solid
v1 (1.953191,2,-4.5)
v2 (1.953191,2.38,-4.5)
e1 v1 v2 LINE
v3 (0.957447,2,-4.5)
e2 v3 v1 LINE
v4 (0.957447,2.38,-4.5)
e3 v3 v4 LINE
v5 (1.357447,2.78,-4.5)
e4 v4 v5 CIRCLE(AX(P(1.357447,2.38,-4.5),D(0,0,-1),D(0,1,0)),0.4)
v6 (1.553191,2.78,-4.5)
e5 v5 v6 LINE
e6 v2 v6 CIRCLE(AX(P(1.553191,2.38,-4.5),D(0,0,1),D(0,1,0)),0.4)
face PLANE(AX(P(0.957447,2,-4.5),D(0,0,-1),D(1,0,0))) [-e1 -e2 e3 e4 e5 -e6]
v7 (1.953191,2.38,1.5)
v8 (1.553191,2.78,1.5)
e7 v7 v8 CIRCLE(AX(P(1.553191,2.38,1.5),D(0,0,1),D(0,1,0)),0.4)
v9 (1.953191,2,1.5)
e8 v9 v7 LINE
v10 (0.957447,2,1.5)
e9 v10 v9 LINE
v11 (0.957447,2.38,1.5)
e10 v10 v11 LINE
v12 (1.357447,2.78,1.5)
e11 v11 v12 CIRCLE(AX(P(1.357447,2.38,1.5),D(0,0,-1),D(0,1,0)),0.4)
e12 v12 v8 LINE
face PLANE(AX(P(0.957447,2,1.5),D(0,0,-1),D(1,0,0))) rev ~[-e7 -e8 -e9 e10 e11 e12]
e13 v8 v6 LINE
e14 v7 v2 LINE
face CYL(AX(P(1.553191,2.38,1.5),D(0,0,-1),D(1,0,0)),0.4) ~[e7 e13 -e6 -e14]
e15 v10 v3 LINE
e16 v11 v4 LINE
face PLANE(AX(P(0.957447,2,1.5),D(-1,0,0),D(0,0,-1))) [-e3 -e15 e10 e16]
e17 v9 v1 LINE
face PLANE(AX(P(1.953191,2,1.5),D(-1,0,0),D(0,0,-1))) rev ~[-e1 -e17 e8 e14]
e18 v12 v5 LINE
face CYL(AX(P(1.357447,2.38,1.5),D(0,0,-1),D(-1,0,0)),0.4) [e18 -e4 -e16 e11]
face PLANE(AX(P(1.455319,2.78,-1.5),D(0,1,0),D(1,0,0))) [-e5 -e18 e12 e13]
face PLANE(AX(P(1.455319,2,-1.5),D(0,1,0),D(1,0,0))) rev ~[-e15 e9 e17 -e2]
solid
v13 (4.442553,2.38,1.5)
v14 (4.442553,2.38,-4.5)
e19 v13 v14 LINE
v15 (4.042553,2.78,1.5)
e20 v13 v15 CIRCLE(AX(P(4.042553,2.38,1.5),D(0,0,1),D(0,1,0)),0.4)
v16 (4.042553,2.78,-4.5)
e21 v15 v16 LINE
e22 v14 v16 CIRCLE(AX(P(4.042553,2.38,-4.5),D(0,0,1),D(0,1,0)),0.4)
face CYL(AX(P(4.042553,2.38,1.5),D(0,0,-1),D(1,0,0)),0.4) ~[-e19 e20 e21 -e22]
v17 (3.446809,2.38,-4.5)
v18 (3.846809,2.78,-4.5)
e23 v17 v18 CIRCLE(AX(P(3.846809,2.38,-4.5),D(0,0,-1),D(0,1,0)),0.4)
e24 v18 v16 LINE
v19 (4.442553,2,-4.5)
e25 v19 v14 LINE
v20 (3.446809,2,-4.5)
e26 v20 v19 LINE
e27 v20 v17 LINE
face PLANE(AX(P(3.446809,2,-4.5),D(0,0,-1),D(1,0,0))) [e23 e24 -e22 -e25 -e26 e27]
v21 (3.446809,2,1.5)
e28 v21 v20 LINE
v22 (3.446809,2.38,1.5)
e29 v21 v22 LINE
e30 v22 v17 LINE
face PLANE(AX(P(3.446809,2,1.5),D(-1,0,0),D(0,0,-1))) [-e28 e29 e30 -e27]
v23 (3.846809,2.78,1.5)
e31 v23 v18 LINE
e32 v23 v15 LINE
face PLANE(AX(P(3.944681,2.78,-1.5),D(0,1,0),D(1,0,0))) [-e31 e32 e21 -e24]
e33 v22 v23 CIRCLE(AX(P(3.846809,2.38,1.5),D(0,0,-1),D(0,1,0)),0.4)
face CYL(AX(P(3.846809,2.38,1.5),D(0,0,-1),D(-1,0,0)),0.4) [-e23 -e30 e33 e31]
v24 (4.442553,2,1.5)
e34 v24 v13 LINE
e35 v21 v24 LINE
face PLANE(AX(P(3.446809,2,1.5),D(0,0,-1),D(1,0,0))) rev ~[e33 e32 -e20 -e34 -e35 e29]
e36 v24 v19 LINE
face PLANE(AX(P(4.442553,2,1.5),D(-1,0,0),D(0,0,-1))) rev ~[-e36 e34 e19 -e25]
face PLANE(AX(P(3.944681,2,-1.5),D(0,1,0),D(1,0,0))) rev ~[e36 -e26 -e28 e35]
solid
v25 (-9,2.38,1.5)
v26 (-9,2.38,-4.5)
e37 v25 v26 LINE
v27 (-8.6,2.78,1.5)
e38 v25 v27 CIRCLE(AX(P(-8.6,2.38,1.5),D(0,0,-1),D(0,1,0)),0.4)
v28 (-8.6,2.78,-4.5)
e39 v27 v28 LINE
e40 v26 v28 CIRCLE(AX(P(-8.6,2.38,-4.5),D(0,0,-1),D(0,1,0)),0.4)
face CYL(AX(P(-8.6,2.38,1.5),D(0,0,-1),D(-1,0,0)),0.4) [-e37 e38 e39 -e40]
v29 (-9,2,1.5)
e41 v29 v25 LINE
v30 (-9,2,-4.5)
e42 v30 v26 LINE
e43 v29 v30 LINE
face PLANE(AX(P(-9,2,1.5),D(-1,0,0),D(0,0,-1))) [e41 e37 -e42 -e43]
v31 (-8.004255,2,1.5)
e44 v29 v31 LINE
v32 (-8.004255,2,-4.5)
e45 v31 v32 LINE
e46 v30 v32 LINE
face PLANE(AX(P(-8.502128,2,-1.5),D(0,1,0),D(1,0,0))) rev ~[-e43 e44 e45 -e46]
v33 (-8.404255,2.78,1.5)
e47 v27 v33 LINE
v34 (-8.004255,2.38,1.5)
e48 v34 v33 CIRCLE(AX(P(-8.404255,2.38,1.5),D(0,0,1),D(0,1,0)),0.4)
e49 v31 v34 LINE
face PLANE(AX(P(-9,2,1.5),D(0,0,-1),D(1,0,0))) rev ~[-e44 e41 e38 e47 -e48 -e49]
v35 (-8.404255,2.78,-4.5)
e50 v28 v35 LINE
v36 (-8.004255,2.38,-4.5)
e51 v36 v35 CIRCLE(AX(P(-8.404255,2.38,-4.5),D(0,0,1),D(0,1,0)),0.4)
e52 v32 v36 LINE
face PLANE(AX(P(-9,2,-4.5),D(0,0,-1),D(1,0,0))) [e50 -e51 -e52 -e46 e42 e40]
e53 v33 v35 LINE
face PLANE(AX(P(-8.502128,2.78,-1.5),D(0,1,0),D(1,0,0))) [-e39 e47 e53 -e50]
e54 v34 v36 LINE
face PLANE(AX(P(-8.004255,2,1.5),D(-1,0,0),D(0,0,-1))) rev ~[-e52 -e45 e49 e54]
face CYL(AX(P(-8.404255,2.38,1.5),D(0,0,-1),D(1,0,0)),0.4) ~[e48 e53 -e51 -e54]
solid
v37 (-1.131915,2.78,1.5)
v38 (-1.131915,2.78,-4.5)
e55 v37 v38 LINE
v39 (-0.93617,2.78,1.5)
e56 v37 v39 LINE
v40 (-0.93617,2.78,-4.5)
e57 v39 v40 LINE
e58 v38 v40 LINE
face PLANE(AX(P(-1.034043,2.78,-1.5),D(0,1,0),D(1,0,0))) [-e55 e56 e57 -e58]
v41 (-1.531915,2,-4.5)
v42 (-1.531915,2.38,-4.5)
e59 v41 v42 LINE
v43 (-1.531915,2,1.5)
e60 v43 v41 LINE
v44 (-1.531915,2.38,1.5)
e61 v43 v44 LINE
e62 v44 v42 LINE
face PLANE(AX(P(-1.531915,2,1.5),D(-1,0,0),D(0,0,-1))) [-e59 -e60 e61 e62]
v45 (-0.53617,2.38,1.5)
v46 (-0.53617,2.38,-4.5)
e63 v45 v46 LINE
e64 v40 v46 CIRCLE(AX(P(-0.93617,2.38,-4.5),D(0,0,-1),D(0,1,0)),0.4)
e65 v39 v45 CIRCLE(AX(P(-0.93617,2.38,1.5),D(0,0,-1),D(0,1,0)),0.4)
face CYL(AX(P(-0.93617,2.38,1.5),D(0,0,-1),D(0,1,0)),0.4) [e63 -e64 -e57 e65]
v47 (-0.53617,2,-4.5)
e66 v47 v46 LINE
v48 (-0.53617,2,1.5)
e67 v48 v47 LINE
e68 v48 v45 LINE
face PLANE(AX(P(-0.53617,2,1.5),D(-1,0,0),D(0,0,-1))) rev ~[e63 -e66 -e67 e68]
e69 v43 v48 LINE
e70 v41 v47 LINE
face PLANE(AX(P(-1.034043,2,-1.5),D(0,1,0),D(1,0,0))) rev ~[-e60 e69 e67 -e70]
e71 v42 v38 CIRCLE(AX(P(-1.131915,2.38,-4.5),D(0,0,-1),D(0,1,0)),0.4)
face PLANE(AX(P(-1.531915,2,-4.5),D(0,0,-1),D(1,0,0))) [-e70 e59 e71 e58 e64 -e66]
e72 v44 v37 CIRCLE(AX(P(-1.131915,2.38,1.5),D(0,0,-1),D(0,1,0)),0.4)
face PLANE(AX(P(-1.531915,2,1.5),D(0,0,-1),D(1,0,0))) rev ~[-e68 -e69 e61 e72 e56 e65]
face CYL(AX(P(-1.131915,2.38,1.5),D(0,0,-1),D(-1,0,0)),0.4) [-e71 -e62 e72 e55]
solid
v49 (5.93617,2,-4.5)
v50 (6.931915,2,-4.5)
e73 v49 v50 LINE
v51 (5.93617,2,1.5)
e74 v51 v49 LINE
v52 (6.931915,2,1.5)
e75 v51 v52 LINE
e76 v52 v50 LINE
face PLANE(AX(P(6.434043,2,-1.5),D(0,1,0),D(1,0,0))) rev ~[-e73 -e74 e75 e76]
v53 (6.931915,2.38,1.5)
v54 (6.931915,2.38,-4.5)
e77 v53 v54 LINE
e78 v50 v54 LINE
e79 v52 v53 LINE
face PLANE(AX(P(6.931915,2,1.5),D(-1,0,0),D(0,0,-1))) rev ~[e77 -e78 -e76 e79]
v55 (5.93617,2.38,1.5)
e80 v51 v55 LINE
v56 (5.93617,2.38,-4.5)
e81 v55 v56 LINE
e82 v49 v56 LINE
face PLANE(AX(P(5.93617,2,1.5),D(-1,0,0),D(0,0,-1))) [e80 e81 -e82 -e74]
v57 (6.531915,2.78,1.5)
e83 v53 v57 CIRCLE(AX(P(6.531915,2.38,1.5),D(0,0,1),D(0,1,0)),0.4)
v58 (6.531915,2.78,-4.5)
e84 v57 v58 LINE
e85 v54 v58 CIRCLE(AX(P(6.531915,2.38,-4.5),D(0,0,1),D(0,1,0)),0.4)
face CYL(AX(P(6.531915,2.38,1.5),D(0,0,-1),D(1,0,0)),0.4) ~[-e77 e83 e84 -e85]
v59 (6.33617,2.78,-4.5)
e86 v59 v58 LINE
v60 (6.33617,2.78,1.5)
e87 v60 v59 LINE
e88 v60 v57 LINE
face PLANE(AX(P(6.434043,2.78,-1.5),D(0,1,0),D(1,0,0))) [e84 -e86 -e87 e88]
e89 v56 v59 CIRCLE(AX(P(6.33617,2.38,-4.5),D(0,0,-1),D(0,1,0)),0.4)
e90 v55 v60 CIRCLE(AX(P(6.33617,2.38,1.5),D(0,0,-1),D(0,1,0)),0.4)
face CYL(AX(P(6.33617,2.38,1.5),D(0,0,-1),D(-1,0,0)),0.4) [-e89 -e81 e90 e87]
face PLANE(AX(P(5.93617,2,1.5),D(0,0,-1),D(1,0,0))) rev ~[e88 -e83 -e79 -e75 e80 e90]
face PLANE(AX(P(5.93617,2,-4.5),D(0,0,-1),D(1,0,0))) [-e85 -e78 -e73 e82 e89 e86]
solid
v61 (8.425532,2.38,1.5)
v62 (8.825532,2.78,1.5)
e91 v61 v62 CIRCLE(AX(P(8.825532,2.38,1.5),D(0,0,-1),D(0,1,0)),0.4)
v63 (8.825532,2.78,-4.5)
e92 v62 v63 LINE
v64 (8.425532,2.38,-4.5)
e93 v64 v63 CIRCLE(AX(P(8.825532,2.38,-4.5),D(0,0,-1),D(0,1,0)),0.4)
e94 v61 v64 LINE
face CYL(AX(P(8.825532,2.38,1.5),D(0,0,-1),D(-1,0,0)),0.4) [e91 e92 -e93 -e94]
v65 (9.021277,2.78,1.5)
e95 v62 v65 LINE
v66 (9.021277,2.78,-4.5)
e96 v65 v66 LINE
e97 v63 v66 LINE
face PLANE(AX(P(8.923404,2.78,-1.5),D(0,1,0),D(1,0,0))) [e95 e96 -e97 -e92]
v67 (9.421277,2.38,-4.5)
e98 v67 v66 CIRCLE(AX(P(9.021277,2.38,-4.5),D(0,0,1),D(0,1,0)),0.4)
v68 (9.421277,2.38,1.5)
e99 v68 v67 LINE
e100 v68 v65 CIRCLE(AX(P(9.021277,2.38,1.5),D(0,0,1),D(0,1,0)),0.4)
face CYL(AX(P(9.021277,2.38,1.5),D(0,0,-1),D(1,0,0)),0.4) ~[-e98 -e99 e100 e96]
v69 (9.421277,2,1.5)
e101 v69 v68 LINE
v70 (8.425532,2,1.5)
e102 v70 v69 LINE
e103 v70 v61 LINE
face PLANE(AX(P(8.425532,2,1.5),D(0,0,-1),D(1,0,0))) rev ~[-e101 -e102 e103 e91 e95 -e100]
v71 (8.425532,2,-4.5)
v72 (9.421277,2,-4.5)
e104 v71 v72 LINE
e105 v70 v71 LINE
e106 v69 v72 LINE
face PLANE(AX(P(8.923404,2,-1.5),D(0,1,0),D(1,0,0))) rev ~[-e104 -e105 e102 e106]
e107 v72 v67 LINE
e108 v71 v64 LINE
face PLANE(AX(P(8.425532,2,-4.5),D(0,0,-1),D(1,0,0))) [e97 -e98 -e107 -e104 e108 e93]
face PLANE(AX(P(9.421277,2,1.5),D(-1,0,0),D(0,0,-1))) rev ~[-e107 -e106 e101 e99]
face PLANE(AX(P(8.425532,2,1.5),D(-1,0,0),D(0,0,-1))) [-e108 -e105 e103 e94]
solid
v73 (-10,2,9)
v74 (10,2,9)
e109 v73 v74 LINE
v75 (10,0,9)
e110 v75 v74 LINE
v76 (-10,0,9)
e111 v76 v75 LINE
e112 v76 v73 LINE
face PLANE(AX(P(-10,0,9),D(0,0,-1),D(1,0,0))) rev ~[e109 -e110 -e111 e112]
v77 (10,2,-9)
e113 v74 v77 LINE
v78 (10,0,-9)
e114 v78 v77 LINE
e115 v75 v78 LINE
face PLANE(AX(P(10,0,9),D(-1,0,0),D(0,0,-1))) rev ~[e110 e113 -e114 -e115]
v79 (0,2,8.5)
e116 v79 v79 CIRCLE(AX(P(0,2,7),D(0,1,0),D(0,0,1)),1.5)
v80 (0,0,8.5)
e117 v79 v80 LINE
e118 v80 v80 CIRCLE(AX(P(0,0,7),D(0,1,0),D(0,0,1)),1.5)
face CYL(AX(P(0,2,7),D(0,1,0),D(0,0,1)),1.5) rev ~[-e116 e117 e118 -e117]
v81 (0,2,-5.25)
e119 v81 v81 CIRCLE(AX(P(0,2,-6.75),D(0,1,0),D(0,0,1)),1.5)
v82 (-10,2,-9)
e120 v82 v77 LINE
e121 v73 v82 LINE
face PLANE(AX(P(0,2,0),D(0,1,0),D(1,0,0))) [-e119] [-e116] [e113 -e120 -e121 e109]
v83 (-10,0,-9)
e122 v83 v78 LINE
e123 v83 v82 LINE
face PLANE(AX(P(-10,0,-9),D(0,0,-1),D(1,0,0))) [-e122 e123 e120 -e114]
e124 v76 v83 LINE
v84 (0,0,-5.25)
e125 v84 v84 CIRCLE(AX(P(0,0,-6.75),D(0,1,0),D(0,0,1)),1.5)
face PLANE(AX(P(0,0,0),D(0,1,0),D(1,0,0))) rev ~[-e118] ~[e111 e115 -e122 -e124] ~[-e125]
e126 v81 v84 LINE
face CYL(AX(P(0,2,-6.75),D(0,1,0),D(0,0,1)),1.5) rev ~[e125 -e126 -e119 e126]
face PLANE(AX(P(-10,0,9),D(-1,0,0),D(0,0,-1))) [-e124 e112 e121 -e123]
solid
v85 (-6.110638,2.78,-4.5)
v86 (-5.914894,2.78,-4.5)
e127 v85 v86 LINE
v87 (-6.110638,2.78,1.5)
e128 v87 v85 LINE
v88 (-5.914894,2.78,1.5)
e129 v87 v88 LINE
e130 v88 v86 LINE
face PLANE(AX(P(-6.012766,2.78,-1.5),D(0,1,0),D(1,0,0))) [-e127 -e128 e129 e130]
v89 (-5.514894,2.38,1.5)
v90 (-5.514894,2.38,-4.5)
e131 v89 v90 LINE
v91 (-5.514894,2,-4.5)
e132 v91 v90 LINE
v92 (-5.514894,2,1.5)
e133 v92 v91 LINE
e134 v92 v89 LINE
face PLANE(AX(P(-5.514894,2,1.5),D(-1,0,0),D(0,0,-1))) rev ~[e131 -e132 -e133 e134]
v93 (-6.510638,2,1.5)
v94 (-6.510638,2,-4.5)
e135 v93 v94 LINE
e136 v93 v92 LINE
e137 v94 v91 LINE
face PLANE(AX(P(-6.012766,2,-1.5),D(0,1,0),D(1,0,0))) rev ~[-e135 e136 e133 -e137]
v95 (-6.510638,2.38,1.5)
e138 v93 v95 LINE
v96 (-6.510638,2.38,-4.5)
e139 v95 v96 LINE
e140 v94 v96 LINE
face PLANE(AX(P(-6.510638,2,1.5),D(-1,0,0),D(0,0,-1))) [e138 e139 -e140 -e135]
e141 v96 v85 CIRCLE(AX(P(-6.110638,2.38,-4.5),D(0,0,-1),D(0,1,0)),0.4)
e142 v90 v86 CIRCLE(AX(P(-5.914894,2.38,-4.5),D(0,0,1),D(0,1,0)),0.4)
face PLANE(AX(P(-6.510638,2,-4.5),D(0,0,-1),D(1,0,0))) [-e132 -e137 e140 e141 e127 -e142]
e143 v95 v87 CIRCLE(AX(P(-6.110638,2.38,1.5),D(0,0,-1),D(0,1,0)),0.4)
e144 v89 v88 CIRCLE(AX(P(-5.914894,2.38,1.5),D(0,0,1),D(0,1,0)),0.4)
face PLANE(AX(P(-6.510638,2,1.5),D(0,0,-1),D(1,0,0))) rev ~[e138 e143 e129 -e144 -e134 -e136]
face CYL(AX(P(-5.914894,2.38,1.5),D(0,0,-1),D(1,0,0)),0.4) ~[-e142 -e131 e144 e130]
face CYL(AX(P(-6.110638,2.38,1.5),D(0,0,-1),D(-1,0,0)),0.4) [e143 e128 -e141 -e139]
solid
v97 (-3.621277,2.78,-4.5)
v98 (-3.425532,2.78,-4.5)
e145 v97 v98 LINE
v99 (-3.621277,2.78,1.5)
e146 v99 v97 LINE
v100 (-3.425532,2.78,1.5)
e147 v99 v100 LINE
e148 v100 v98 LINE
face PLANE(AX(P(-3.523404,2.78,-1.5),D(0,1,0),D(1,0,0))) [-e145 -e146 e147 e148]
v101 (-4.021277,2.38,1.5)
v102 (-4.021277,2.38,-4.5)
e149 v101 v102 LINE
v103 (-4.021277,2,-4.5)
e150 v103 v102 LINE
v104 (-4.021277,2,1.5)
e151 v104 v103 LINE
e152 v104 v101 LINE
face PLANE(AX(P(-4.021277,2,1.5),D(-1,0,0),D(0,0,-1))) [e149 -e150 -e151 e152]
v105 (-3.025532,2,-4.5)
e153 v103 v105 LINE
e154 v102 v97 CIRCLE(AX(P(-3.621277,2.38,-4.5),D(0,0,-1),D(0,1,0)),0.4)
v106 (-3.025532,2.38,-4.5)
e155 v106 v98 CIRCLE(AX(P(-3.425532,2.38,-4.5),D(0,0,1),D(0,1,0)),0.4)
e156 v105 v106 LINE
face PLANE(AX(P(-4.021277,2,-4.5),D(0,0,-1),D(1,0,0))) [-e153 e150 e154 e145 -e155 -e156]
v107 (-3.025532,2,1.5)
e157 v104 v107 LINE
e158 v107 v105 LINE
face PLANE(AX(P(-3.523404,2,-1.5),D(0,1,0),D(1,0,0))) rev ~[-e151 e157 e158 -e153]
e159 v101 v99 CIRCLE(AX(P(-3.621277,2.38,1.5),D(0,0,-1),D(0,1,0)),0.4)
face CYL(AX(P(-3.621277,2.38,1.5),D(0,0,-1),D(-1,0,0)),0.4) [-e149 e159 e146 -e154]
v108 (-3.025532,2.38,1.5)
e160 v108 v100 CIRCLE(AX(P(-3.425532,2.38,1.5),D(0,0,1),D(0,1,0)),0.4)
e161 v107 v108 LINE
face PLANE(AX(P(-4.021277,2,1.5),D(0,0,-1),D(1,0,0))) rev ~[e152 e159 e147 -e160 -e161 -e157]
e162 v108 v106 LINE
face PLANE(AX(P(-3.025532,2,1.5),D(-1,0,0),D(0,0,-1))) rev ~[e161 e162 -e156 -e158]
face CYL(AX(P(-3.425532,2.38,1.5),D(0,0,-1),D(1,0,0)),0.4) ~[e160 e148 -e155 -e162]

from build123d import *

# Parameters (mm, degrees)
SKETCH_1_W          = 20
SKETCH_1_H          = 18
EXTRUDE_1_DEPTH     = 2
SKETCH_6_W          = 0.995744681
SKETCH_6_H          = 6
EXTRUDE_4_DEPTH     = 0.78
EXTRUDE_4_2_DEPTH   = 0.78
SKETCH_6_W_2        = 0.99574468
EXTRUDE_4_3_DEPTH   = 0.78
EXTRUDE_4_4_DEPTH   = 0.78
EXTRUDE_4_5_DEPTH   = 0.78
EXTRUDE_4_6_DEPTH   = 0.78
EXTRUDE_4_7_DEPTH   = 0.78
EXTRUDE_4_8_DEPTH   = 0.78
FILLET_11_R         = 0.4
FILLET_12_R         = 0.4
FILLET_13_R         = 0.4
FILLET_14_R         = 0.4
FILLET_15_R         = 0.4
FILLET_16_R         = 0.4
FILLET_17_R         = 0.4
FILLET_18_R         = 0.4
FILLET_19_R         = 0.4
SKETCH_9_R          = 1.5
CUT_EXTRUDE_2_DEPTH = 10


with BuildPart() as part:
    # 草图1 → 凸台-拉伸1 (new body)
    with BuildSketch(Plane(origin=(0, 0, 0), x_dir=(1, 0, 0), z_dir=(0, 1, 0))):
        Rectangle(SKETCH_1_W, SKETCH_1_H)
    extrude(amount=EXTRUDE_1_DEPTH)

    # 草图9 → 切除-拉伸2 (cut)
    with BuildSketch(Plane(origin=(0, 2, 0), x_dir=(1, 0, 0), z_dir=(0, 1, 0))):
        with Locations(Location((0, -7, 0), (0, 0, 270))):
            Circle(SKETCH_9_R)
        with Locations(Location((0, 6.75, 0), (0, 0, 270))):
            Circle(SKETCH_9_R)
    extrude(amount=-CUT_EXTRUDE_2_DEPTH, mode=Mode.SUBTRACT)


with BuildPart() as body_2:
    # 草图6 → 凸台-拉伸4 (new body)
    with BuildSketch(Plane(origin=(0, 2, 0), x_dir=(1, 0, 0), z_dir=(0, 1, 0))):
        with Locations((8.923404255, 1.5)):
            Rectangle(SKETCH_6_W, SKETCH_6_H)
    extrude(amount=EXTRUDE_4_DEPTH)

    # 圆角19
    fillet_19_edges = [body_2.edges().sort_by_distance(p)[0] for p in [
        (8.425531915, 2.78, -1.5),
        (9.421276596, 2.78, -1.5),
    ]]
    fillet(fillet_19_edges, radius=FILLET_19_R)


with BuildPart() as body_3:
    # 草图6 → Extrude 4 2 (new body)
    with BuildSketch(Plane(origin=(0, 2, 0), x_dir=(1, 0, 0), z_dir=(0, 1, 0))):
        with Locations((6.434042554, 1.5)):
            Rectangle(SKETCH_6_W, SKETCH_6_H)
    extrude(amount=EXTRUDE_4_2_DEPTH)

    # 圆角18
    fillet_18_edges = [body_3.edges().sort_by_distance(p)[0] for p in [
        (5.936170213, 2.78, -1.5),
        (6.931914894, 2.78, -1.5),
    ]]
    fillet(fillet_18_edges, radius=FILLET_18_R)


with BuildPart() as body_4:
    # 草图6 → Extrude 4 3 (new body)
    with BuildSketch(Plane(origin=(0, 2, 0), x_dir=(1, 0, 0), z_dir=(0, 1, 0))):
        with Locations((3.944680851, 1.5)):
            Rectangle(SKETCH_6_W_2, SKETCH_6_H)
    extrude(amount=EXTRUDE_4_3_DEPTH)

    # 圆角17
    fillet_17_edges = [body_4.edges().sort_by_distance(p)[0] for p in [
        (3.446808511, 2.78, -1.5),
        (4.442553191, 2.78, -1.5),
    ]]
    fillet(fillet_17_edges, radius=FILLET_17_R)


with BuildPart() as body_5:
    # 草图6 → Extrude 4 4 (new body)
    with BuildSketch(Plane(origin=(0, 2, 0), x_dir=(1, 0, 0), z_dir=(0, 1, 0))):
        with Locations((1.455319149, 1.5)):
            Rectangle(SKETCH_6_W_2, SKETCH_6_H)
    extrude(amount=EXTRUDE_4_4_DEPTH)

    # 圆角16
    fillet_16_edges = [body_5.edges().sort_by_distance(p)[0] for p in [
        (0.957446809, 2.78, -1.5),
        (1.953191489, 2.78, -1.5),
    ]]
    fillet(fillet_16_edges, radius=FILLET_16_R)


with BuildPart() as body_6:
    # 草图6 → Extrude 4 5 (new body)
    with BuildSketch(Plane(origin=(0, 2, 0), x_dir=(1, 0, 0), z_dir=(0, 1, 0))):
        with Locations((-1.034042553, 1.5)):
            Rectangle(SKETCH_6_W, SKETCH_6_H)
    extrude(amount=EXTRUDE_4_5_DEPTH)

    # 圆角14
    fillet_14_edges = [body_6.edges().sort_by_distance(p)[0] for p in [
        (-1.531914894, 2.78, -1.5),
    ]]
    fillet(fillet_14_edges, radius=FILLET_14_R)

    # 圆角15
    fillet_15_edges = [body_6.edges().sort_by_distance(p)[0] for p in [
        (-0.536170213, 2.78, -1.5),
    ]]
    fillet(fillet_15_edges, radius=FILLET_15_R)


with BuildPart() as body_7:
    # 草图6 → Extrude 4 6 (new body)
    with BuildSketch(Plane(origin=(0, 2, 0), x_dir=(1, 0, 0), z_dir=(0, 1, 0))):
        with Locations((-3.523404256, 1.5)):
            Rectangle(SKETCH_6_W, SKETCH_6_H)
    extrude(amount=EXTRUDE_4_6_DEPTH)

    # 圆角13
    fillet_13_edges = [body_7.edges().sort_by_distance(p)[0] for p in [
        (-4.021276596, 2.78, -1.5),
        (-3.025531915, 2.78, -1.5),
    ]]
    fillet(fillet_13_edges, radius=FILLET_13_R)


with BuildPart() as body_8:
    # 草图6 → Extrude 4 7 (new body)
    with BuildSketch(Plane(origin=(0, 2, 0), x_dir=(1, 0, 0), z_dir=(0, 1, 0))):
        with Locations((-6.012765958, 1.5)):
            Rectangle(SKETCH_6_W, SKETCH_6_H)
    extrude(amount=EXTRUDE_4_7_DEPTH)

    # 圆角12
    fillet_12_edges = [body_8.edges().sort_by_distance(p)[0] for p in [
        (-6.510638298, 2.78, -1.5),
        (-5.514893617, 2.78, -1.5),
    ]]
    fillet(fillet_12_edges, radius=FILLET_12_R)


with BuildPart() as body_9:
    # 草图6 → Extrude 4 8 (new body)
    with BuildSketch(Plane(origin=(0, 2, 0), x_dir=(1, 0, 0), z_dir=(0, 1, 0))):
        with Locations((-8.50212766, 1.5)):
            Rectangle(SKETCH_6_W, SKETCH_6_H)
    extrude(amount=EXTRUDE_4_8_DEPTH)

    # 圆角11
    fillet_11_edges = [body_9.edges().sort_by_distance(p)[0] for p in [
        (-8.004255319, 2.78, -1.5),
        (-9, 2.78, -1.5),
    ]]
    fillet(fillet_11_edges, radius=FILLET_11_R)


solid = Compound([part.part, body_2.part, body_3.part, body_4.part, body_5.part, body_6.part, body_7.part, body_8.part, body_9.part])
